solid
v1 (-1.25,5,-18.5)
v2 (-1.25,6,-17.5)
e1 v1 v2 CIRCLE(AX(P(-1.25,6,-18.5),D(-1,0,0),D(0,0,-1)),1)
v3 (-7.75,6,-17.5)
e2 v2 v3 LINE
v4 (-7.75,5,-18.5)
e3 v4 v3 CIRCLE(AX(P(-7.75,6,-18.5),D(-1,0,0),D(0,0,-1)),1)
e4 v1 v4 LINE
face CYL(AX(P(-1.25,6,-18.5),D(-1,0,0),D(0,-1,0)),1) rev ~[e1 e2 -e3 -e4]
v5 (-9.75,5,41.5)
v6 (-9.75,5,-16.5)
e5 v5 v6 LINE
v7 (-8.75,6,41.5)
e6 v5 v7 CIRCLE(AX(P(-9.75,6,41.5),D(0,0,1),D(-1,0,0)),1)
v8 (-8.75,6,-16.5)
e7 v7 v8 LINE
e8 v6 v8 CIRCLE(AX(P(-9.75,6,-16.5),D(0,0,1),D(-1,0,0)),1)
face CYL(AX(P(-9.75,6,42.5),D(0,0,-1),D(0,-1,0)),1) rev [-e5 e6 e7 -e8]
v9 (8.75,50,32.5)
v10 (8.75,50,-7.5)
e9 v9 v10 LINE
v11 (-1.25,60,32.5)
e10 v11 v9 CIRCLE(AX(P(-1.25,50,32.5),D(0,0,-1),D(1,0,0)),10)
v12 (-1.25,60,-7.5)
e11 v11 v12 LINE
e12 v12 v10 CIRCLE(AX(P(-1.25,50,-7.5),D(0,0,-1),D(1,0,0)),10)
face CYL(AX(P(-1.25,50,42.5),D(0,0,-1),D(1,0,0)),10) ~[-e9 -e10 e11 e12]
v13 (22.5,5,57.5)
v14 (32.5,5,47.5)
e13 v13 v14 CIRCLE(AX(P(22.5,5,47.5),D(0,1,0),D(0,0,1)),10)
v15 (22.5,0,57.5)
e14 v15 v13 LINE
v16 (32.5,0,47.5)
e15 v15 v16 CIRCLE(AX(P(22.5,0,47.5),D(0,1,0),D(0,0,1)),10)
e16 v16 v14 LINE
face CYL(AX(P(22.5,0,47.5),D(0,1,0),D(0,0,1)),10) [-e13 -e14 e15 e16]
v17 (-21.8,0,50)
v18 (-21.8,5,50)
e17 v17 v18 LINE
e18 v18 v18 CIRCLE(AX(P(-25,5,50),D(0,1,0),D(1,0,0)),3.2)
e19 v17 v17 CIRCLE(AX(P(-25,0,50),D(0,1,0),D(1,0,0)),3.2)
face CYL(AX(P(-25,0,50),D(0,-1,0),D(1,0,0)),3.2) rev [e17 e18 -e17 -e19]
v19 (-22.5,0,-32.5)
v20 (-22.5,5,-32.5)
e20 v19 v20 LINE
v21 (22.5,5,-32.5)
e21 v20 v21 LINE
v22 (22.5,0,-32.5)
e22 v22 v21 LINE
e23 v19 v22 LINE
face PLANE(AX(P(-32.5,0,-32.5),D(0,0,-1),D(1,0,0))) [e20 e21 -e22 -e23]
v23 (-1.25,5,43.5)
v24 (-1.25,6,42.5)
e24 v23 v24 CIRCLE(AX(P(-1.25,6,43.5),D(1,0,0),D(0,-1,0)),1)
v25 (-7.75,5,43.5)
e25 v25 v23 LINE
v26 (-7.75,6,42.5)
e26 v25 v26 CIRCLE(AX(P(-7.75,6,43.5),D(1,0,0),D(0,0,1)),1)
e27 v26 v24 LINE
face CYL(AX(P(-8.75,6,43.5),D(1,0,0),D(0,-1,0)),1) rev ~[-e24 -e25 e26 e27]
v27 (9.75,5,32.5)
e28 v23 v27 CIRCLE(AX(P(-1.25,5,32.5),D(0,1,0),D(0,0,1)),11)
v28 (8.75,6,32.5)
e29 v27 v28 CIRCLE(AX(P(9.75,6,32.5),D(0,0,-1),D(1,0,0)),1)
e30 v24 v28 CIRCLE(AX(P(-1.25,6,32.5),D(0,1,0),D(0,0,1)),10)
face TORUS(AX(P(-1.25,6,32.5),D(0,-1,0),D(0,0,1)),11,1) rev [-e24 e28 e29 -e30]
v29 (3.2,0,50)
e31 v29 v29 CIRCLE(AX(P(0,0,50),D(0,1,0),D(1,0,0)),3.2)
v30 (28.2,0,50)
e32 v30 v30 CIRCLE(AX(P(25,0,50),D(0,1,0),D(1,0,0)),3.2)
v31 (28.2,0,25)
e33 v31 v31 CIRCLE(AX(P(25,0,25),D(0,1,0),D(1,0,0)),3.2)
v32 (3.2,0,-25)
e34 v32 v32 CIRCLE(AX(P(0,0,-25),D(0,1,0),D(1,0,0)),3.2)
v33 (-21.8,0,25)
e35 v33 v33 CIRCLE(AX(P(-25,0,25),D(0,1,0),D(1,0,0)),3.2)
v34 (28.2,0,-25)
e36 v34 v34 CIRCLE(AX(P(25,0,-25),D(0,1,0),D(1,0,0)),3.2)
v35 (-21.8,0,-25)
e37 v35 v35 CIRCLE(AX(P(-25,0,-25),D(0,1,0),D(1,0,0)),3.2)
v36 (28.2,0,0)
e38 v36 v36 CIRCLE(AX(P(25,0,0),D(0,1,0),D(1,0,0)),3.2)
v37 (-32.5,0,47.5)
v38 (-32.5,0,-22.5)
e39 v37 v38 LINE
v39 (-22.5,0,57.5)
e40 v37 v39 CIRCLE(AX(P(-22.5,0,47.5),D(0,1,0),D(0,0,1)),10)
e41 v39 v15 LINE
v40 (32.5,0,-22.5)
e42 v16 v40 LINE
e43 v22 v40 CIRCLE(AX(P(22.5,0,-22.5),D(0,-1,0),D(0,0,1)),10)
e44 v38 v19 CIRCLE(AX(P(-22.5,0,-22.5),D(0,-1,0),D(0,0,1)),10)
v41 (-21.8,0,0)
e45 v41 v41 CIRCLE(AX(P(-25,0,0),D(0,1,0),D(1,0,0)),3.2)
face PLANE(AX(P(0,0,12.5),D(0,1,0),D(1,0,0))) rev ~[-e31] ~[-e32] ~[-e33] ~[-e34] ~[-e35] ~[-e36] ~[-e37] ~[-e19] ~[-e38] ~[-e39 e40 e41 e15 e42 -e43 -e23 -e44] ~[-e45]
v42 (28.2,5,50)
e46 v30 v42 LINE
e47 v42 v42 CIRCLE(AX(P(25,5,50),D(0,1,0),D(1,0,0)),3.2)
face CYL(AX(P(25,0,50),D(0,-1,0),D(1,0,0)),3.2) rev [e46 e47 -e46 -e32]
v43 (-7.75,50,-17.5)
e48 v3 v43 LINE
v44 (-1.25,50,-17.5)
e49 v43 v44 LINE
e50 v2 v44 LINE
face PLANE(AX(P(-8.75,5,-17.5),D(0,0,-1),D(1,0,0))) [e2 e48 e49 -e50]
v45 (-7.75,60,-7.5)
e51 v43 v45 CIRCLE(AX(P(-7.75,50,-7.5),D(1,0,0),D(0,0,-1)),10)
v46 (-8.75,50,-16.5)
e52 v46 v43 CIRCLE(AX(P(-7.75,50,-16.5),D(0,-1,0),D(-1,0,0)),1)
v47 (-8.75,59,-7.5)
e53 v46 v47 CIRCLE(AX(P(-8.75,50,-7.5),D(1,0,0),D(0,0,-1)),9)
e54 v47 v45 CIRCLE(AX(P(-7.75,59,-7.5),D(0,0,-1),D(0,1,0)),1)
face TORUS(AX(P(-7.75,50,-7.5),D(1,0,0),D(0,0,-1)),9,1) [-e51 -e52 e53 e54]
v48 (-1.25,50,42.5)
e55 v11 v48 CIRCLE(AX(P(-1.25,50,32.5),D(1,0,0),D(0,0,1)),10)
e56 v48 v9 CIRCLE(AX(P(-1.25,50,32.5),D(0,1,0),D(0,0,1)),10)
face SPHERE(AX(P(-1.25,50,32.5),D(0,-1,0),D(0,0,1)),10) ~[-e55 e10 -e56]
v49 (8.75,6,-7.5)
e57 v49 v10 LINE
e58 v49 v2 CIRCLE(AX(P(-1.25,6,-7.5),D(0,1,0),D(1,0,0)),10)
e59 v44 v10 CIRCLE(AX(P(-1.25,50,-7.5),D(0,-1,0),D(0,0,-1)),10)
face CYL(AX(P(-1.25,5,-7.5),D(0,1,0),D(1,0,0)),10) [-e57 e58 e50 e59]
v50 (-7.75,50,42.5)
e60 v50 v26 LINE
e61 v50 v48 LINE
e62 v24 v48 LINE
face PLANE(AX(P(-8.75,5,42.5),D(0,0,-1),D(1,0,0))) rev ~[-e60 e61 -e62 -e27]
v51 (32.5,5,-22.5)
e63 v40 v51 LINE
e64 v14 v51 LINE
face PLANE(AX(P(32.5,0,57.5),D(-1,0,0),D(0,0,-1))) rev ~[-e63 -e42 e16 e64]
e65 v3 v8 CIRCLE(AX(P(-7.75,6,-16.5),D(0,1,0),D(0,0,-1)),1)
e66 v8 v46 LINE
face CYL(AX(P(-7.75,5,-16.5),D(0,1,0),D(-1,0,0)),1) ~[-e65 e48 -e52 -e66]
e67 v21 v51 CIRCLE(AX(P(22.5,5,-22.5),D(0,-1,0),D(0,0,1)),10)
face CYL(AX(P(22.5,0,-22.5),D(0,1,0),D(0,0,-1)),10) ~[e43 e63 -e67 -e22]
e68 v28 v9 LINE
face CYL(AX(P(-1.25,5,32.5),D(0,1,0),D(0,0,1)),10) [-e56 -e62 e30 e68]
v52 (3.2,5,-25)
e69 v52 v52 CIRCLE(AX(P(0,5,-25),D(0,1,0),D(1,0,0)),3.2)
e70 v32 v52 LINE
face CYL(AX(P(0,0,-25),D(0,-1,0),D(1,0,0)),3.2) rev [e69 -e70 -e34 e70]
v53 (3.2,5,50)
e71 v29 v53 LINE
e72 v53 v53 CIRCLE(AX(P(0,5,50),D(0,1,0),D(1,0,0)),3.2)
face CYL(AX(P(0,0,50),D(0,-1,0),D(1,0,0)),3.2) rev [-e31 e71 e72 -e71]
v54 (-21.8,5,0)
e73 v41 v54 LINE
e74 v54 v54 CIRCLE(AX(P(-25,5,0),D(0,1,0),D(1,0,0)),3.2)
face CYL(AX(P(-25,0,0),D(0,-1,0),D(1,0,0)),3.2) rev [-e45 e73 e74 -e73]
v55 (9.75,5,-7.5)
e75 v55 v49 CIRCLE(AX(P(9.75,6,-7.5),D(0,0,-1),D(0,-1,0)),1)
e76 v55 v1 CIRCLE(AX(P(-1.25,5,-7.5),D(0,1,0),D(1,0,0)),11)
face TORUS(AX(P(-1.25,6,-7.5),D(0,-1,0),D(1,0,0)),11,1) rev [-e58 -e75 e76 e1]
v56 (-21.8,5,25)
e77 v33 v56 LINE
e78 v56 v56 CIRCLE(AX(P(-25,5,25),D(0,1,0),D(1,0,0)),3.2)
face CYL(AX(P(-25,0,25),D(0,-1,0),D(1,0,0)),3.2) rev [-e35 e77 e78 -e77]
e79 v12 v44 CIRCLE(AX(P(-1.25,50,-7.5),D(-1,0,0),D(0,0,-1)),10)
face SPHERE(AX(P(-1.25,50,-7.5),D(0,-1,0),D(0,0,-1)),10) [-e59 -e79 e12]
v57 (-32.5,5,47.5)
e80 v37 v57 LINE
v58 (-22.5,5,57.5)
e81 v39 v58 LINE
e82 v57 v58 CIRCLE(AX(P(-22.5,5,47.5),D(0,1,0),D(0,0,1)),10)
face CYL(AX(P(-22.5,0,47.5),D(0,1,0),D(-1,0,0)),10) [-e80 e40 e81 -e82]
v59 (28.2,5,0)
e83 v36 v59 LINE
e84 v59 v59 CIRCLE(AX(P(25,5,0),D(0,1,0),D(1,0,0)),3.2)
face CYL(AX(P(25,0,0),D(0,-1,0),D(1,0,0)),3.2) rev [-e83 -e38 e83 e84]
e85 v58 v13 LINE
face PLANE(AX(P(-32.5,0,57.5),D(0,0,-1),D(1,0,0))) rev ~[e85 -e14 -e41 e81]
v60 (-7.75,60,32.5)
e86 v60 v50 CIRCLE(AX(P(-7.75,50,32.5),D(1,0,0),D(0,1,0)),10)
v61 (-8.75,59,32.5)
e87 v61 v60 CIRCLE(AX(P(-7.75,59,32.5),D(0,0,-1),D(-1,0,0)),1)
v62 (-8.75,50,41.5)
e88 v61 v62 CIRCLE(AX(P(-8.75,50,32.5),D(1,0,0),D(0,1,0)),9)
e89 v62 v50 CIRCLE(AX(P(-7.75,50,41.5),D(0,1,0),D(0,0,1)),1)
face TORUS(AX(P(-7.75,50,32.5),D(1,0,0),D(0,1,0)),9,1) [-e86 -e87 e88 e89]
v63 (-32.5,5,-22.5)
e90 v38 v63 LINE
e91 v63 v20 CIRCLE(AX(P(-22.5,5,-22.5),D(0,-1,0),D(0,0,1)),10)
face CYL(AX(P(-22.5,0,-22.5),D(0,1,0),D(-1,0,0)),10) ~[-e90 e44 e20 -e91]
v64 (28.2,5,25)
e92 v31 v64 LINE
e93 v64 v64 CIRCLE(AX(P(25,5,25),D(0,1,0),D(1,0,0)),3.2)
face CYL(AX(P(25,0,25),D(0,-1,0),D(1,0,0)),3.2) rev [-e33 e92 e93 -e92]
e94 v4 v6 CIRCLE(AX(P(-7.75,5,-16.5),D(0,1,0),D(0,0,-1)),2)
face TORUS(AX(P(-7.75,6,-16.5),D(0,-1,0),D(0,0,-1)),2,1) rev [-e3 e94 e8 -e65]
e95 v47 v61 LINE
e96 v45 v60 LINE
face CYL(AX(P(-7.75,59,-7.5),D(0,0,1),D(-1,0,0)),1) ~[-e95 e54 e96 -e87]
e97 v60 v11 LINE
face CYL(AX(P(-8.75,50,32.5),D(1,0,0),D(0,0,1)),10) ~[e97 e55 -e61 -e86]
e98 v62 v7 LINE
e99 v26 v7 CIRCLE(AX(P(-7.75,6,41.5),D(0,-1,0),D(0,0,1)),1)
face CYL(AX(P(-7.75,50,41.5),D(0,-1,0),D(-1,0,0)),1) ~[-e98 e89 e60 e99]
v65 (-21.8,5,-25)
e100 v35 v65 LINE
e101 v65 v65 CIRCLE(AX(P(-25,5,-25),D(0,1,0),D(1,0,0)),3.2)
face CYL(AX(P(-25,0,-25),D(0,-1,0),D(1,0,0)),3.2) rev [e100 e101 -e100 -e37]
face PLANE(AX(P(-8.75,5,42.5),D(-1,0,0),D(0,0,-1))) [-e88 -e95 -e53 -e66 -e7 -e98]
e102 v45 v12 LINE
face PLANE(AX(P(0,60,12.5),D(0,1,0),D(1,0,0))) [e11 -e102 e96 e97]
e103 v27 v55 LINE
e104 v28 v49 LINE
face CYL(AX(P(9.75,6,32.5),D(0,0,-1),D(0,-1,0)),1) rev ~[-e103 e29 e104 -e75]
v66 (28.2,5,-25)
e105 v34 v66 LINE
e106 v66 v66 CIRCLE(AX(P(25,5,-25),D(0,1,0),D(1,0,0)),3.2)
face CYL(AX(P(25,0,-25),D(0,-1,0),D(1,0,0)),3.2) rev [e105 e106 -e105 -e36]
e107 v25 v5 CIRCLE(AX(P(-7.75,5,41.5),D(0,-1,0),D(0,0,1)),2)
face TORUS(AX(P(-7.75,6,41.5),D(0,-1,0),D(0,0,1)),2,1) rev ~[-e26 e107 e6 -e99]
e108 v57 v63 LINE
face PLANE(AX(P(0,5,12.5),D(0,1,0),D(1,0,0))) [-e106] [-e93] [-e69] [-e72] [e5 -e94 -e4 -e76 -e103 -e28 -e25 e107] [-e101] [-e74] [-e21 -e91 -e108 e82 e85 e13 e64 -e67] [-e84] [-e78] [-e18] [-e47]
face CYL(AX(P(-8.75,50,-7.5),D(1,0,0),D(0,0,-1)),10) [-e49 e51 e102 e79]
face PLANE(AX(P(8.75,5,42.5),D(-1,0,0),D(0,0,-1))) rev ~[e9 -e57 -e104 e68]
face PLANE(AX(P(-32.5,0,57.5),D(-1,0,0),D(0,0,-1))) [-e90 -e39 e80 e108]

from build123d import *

# Parameters (mm, degrees)
SKETCH_1_W      = 65
SKETCH_1_H      = 90
SKETCH_1_R      = 3.2
EXTRUDE_1_DEPTH = 5
FILLET_1_R      = 10
SKETCH_2_W      = 17.5
SKETCH_2_H      = 60
EXTRUDE_2_DEPTH = 55
FILLET_2_R      = 10
FILLET_3_R      = 1


with BuildPart() as part:
    # 스케치1 → 보스-돌출1 (new body)
    with BuildSketch(Plane(origin=(0, 0, 0), x_dir=(1, 0, 0), z_dir=(0, 1, 0))):
        with Locations((0, -12.5)):
            Rectangle(SKETCH_1_W, SKETCH_1_H)
        with Locations((-25, 25)):
            Circle(SKETCH_1_R, mode=Mode.SUBTRACT)
        with Locations((25, 25)):
            Circle(SKETCH_1_R, mode=Mode.SUBTRACT)
        with Locations((25, 0)):
            Circle(SKETCH_1_R, mode=Mode.SUBTRACT)
        with Locations((-25, 0)):
            Circle(SKETCH_1_R, mode=Mode.SUBTRACT)
        with Locations((25, -50)):
            Circle(SKETCH_1_R, mode=Mode.SUBTRACT)
        with Locations((-25, -50)):
            Circle(SKETCH_1_R, mode=Mode.SUBTRACT)
        with Locations((0, 25)):
            Circle(SKETCH_1_R, mode=Mode.SUBTRACT)
        with Locations((0, -50)):
            Circle(SKETCH_1_R, mode=Mode.SUBTRACT)
        with Locations((25, -25)):
            Circle(SKETCH_1_R, mode=Mode.SUBTRACT)
        with Locations((-25, -25)):
            Circle(SKETCH_1_R, mode=Mode.SUBTRACT)
    extrude(amount=EXTRUDE_1_DEPTH)

    # 필렛1
    fillet_1_edges = [part.edges().sort_by_distance(p)[0] for p in [
        (-32.5, 2.5, -32.5),
        (32.5, 2.5, -32.5),
        (32.5, 2.5, 57.5),
        (-32.5, 2.5, 57.5),
    ]]
    fillet(fillet_1_edges, radius=FILLET_1_R)

    # 스케치2 → 보스-돌출2 (add)
    with BuildSketch(Plane(origin=(0, 5, 0), x_dir=(1, 0, 0), z_dir=(0, 1, 0))):
        with Locations((0, -12.5)):
            Rectangle(SKETCH_2_W, SKETCH_2_H)
    extrude(amount=EXTRUDE_2_DEPTH)

    # 필렛2
    fillet_2_edges = [part.edges().sort_by_distance(p)[0] for p in [
        (8.75, 32.5, 42.5),
        (8.75, 32.5, -17.5),
        (0, 60, -17.5),
        (0, 60, 42.5),
        (8.75, 60, 12.5),
    ]]
    fillet(fillet_2_edges, radius=FILLET_2_R)

    # 필렛3
    fillet_3_edges = [part.edges().sort_by_distance(p)[0] for p in [
        (-8.75, 57.071067812, -14.571067812),
        (5.821067812, 5, -14.571067812),
        (5.821067812, 5, 39.571067812),
        (-8.75, 5, 12.5),
        (-5, 5, 42.5),
        (-8.75, 60, 12.5),
        (8.75, 5, 12.5),
        (-5, 5, -17.5),
        (-8.75, 27.5, -17.5),
        (-8.75, 27.5, 42.5),
        (-8.75, 57.071067812, 39.571067812),
    ]]
    fillet(fillet_3_edges, radius=FILLET_3_R)


solid = part.part
